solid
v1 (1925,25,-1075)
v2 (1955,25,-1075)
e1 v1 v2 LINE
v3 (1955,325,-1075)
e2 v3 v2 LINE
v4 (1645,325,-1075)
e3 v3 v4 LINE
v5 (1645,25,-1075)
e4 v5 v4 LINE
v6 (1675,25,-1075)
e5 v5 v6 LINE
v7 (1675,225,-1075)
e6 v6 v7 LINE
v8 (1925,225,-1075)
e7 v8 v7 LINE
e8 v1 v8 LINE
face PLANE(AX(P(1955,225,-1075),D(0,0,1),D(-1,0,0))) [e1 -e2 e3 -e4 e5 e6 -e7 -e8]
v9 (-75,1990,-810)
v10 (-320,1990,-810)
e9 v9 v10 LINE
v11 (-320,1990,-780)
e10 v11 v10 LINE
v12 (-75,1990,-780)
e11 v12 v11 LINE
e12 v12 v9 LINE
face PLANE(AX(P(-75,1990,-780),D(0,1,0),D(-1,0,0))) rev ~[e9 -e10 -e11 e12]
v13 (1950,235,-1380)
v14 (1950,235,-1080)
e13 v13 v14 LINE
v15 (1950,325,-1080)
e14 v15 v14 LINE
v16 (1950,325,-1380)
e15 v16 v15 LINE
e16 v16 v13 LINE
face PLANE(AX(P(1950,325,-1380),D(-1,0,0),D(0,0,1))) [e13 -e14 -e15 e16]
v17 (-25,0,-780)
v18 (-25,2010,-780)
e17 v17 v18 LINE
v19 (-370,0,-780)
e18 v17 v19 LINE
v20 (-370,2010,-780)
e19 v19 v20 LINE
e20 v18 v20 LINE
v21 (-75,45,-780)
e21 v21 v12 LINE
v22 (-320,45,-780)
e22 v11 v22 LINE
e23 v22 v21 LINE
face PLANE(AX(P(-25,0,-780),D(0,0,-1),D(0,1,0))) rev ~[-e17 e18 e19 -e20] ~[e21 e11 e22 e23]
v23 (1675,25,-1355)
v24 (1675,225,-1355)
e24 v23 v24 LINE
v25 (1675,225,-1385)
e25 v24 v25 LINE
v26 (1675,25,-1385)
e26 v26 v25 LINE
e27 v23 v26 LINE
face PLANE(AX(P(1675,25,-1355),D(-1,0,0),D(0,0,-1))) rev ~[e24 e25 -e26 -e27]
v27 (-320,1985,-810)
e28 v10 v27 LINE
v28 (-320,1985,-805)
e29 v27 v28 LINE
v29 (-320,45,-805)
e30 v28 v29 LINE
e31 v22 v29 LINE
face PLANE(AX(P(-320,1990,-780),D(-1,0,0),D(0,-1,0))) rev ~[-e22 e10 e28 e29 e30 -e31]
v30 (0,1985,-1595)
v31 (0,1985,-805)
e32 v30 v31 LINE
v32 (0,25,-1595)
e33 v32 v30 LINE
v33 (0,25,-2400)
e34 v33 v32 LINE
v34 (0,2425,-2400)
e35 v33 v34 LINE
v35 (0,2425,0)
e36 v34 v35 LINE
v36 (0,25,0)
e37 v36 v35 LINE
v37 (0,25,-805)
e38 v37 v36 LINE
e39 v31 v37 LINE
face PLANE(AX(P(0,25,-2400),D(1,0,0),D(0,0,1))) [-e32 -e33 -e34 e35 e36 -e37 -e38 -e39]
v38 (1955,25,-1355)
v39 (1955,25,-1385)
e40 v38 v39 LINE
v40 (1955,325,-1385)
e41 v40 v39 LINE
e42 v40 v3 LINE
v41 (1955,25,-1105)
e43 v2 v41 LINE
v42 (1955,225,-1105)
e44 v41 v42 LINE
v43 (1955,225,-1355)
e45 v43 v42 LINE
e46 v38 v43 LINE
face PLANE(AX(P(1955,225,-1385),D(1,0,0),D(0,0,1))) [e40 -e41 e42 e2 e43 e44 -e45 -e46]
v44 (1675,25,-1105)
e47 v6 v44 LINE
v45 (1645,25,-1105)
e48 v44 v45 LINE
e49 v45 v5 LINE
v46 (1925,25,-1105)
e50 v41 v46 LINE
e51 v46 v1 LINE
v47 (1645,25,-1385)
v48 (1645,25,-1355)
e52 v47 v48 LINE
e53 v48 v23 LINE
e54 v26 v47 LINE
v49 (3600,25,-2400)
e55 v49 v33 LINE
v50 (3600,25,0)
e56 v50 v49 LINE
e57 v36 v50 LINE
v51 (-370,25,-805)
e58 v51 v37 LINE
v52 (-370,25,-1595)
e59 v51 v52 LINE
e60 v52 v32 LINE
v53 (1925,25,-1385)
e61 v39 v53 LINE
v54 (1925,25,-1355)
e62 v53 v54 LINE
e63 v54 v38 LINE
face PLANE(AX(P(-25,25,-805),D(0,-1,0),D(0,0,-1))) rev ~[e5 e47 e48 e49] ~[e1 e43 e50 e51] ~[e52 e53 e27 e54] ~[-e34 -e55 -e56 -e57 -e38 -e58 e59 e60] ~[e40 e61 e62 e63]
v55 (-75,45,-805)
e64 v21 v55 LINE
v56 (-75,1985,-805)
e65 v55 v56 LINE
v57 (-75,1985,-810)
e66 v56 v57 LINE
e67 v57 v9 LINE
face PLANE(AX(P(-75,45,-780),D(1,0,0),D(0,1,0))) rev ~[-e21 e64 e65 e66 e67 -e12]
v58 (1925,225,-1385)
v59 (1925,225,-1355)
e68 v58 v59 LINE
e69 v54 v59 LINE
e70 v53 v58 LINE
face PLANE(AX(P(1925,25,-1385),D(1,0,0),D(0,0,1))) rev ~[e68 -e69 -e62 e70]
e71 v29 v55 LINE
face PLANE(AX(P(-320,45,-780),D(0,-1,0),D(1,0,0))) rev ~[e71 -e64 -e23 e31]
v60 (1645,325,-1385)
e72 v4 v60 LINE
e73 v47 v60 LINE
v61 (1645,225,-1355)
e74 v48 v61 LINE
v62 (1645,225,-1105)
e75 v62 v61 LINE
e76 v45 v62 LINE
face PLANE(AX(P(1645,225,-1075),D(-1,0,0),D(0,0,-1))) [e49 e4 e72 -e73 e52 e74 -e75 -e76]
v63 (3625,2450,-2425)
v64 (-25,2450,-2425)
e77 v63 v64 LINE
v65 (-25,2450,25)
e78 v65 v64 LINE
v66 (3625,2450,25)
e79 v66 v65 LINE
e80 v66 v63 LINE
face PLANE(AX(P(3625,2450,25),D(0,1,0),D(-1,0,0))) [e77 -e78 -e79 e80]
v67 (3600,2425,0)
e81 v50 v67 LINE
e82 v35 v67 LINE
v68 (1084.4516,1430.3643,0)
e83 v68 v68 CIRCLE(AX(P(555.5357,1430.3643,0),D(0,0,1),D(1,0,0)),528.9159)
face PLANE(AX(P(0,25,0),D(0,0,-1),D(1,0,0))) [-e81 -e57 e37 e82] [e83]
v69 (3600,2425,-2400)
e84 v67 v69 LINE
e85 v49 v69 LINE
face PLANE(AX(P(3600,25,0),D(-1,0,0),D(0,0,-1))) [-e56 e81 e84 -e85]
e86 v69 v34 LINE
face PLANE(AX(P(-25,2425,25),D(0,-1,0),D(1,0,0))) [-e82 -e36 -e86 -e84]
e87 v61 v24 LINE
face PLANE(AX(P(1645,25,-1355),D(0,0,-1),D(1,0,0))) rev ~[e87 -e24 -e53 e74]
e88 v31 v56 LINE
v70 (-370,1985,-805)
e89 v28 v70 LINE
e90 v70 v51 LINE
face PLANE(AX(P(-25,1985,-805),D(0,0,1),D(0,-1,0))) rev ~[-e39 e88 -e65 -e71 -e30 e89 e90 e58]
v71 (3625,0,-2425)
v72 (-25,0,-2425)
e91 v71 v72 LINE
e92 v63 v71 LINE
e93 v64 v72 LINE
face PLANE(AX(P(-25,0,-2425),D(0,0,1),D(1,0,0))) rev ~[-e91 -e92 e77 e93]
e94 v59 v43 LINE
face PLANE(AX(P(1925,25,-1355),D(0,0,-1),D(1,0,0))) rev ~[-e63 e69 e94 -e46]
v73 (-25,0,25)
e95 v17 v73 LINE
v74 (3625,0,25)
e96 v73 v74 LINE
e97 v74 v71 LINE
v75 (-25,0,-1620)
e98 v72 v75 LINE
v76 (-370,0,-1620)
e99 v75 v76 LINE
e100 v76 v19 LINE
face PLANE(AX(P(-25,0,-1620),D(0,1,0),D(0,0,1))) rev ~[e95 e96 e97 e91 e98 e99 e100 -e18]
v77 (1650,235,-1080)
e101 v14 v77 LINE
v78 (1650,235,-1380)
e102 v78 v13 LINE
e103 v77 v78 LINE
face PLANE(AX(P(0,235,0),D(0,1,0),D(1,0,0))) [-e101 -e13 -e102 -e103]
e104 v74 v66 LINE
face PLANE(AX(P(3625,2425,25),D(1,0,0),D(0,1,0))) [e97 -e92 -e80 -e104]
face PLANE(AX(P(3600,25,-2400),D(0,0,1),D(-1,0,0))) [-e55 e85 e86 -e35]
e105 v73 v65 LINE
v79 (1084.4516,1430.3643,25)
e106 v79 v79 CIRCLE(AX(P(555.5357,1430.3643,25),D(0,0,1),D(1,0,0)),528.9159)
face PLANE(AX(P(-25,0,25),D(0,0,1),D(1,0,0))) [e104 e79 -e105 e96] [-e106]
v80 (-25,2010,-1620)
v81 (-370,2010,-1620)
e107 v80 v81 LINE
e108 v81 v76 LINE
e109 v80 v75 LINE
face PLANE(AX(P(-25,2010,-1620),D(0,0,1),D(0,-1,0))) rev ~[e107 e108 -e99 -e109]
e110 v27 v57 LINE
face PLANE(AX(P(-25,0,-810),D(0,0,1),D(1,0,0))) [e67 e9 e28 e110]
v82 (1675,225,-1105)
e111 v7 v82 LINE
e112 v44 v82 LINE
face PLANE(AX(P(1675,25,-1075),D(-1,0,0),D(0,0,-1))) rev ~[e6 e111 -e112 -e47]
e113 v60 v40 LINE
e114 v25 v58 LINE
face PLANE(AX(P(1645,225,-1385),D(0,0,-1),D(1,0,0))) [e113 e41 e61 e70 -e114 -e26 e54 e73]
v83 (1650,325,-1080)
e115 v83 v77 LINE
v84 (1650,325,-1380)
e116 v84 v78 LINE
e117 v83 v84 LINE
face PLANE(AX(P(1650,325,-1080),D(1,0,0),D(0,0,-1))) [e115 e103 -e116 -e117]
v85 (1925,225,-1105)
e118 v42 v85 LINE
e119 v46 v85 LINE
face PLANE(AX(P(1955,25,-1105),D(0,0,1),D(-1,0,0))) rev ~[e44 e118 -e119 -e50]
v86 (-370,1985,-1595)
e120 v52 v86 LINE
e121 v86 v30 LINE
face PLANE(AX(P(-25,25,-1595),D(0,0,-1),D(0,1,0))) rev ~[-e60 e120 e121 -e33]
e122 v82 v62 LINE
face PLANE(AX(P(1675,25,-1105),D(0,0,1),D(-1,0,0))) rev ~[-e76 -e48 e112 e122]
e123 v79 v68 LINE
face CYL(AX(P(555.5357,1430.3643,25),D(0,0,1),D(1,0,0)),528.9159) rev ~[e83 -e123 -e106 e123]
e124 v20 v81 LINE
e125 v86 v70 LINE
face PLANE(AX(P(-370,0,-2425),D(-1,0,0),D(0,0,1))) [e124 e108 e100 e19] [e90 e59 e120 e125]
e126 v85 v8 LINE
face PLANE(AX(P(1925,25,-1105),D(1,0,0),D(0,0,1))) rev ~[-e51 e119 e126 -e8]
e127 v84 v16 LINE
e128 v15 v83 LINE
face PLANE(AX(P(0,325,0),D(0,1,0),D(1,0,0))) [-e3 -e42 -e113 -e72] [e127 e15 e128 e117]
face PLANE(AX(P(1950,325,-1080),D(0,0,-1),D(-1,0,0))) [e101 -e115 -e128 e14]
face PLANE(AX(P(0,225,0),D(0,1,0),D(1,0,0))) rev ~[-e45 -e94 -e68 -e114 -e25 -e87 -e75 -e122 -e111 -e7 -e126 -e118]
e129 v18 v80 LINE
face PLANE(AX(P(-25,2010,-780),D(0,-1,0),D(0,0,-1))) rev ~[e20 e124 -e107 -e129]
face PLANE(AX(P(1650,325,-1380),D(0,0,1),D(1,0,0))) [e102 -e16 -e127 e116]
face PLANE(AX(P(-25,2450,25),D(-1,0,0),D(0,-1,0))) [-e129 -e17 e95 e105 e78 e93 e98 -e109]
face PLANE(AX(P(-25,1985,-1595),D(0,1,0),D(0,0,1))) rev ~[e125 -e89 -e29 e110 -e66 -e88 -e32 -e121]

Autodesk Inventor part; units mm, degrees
ref_plane "YZ Plane" through (0, 0, 0) normal (1, 0, 0) x (0, 1, 0)
ref_plane "XZ Plane" through (0, 0, 0) normal (0, 1, 0) x (-1, 0, 0)
ref_plane "XY Plane" through (0, 0, 0) normal (0, 0, 1) x (1, 0, 0)
sketch "Sketch1" plane through (0, 0, 0) normal (0, 1, 0) x (-1, 0, 0)
  line L0 (25, 25) -> (-3625, 25)
  line L1 (-3625, 25) -> (-3625, -2425)
  line L2 (-3625, -2425) -> (25, -2425)
  line L3 (25, -2425) -> (25, 25)
  point P0 (0, 0)
  dimension "d0" = 25
  dimension "d1" = 25
  dimension "d2" = 2450
  dimension "d3" = 3650
extrude "Extrusion1" add sketch "Sketch1" along normal blind 25
sketch "Sketch2" plane through (0, 25, 0) normal (0, 1, 0) x (1, 0, 0)
  line L0 (3625, 2425) -> (-25, 2425) projected
  line L1 (-25, 2425) -> (-25, -25) projected
  line L2 (1645, 1355) -> (1675, 1355)
  line L3 (1675, 1355) -> (1675, 1385)
  line L4 (1675, 1385) -> (1645, 1385)
  line L5 (1645, 1385) -> (1645, 1355)
  line L6 (1925, 1355) -> (1955, 1355)
  line L7 (1955, 1355) -> (1955, 1385)
  line L8 (1955, 1385) -> (1925, 1385)
  line L9 (1925, 1385) -> (1925, 1355)
  line L10 (1925, 1075) -> (1955, 1075)
  line L11 (1955, 1075) -> (1955, 1105)
  line L12 (1955, 1105) -> (1925, 1105)
  line L13 (1925, 1105) -> (1925, 1075)
  line L14 (1645, 1075) -> (1675, 1075)
  line L15 (1675, 1075) -> (1675, 1105)
  line L16 (1675, 1105) -> (1645, 1105)
  line L17 (1645, 1105) -> (1645, 1075)
  point P0 (0, 0)
  dimension "d6" = 1670
  dimension "d7" = 1070
  dimension "d8" = 30
  dimension "d9" = 30
  dimension "d10" = 30
  dimension "d11" = 30
  dimension "d12" = 30
  dimension "d13" = 30
  dimension "d14" = 30
  dimension "d15" = 30
  dimension "d16" = 250
  dimension "d17" = 250
  dimension "d18" = 250
  dimension "d19" = 0
  dimension "d20" = 250
  dimension "d21" = 30
extrude "Extrusion2" add sketch "Sketch2" along normal blind 200
sketch "Sketch3" plane through (0, 225, 0) normal (0, 1, 0) x (1, 0, 0)
  line L0 (1645, 1385) -> (1955, 1385)
  line L1 (1955, 1385) -> (1955, 1075)
  line L2 (1955, 1075) -> (1645, 1075)
  line L3 (1645, 1075) -> (1645, 1385)
  point P0 (0, 0)
  dimension "d24" = 310
  dimension "d26" = 310
extrude "Extrusion3" add sketch "Sketch3" along normal blind 100
sketch "Sketch4" plane through (0, 325, 0) normal (0, 1, 0) x (1, 0, 0)
  line L0 (1645, 1385) -> (1645, 1075) projected
  line L1 (1645, 1075) -> (1955, 1075) projected
  line L2 (1955, 1075) -> (1955, 1385) projected
  line L3 (1955, 1385) -> (1645, 1385) projected
  line L4 (1650, 1380) -> (1950, 1380)
  line L5 (1950, 1380) -> (1950, 1080)
  line L6 (1950, 1080) -> (1650, 1080)
  line L7 (1650, 1080) -> (1650, 1380)
  point P0 (0, 0)
  dimension "d29" = 5
  dimension "d30" = 5
  dimension "d31" = 5
  dimension "d32" = 5
extrude "Extrusion4" cut sketch "Sketch4" against normal blind 90 contours L4 L5 L6 L7
sketch "Sketch5" plane through (0, 25, 0) normal (0, 1, 0) x (1, 0, 0)
  line L0 (-25, -25) -> (3625, -25) projected
  line L1 (3625, -25) -> (3625, 2425) projected
  line L2 (-25, -25) -> (3625, -25)
  line L3 (3625, -25) -> (3625, 2425)
  line L4 (3625, 2425) -> (-25, 2425)
  line L5 (-25, 2425) -> (-25, -25)
  line L6 (0, 0) -> (3600, 0)
  line L7 (3600, 0) -> (3600, 2400)
  line L8 (3600, 2400) -> (0, 2400)
  line L9 (0, 2400) -> (0, 0)
  dimension "d35" = 25
  dimension "d37" = 25
extrude "Extrusion5" add sketch "Sketch5" along normal blind 2400
sketch "Sketch6" plane through (-25, 0, -2425) normal (-1, 0, 0) x (0, 0, 1)
  line L0 (0, 0) -> (2450, 0) projected
  line L1 (0, 0) -> (0, 2425) projected
  line L2 (830, 25) -> (1620, 25)
  line L3 (1620, 25) -> (1620, 1985)
  line L4 (1620, 1985) -> (830, 1985)
  line L5 (830, 1985) -> (830, 25)
  line L6 (805, 0) -> (1645, 0)
  line L7 (1645, 0) -> (1645, 2010)
  line L8 (1645, 2010) -> (805, 2010)
  line L9 (805, 2010) -> (805, 0)
  point P0 (2425, 0)
  dimension "d40" = 25
  dimension "d41" = 790
  dimension "d42" = 1960
  dimension "d43" = 830
  dimension "d44" = 25
  dimension "d45" = 25
  dimension "d46" = 25
extrude "Extrusion6" cut sketch "Sketch6" against normal blind 30 contours L5 L4 L3 L2
sketch "Sketch7" plane through (-25, 0, -2425) normal (-1, 0, 0) x (0, 0, 1)
  line L0 (1620, 1985) -> (1620, 25) projected
  line L1 (1620, 25) -> (830, 25) projected
  line L2 (830, 25) -> (830, 1985) projected
  line L3 (830, 1985) -> (1620, 1985) projected
  line L4 (0, 0) -> (2450, 0) projected
  line L5 (805, 0) -> (1645, 0)
  line L6 (1645, 0) -> (1645, 2010)
  line L7 (1645, 2010) -> (805, 2010)
  line L8 (805, 2010) -> (805, 0)
  point P0 (2425, 0)
  dimension "d49" = 25
  dimension "d50" = 25
  dimension "d51" = 25
extrude "Extrusion7" add sketch "Sketch7" along normal blind 345
sketch "Sketch8" plane through (-25, 0, 25) normal (0, 0, 1) x (1, 0, 0)
  circle A0 centre (580.5357, 1430.3643) radius 528.9159
  point P0 (25, 0)
extrude "Extrusion8" cut sketch "Sketch8" against normal blind 30
sketch "Sketch9" plane through (-25, 0, -780) normal (0, 0, 1) x (1, 0, 0)
  line L0 (0, 2010) -> (0, 0) projected
  line L1 (0, 2010) -> (-345, 2010) projected
  line L2 (-345, 0) -> (-345, 2010) projected
  line L3 (-295, 45) -> (-50, 45)
  line L4 (-50, 45) -> (-50, 1990)
  line L5 (-50, 1990) -> (-295, 1990)
  line L6 (-295, 1990) -> (-295, 45)
  line L7 (25, 25) -> (-345, 25) projected
  point P0 (25, 0)
  dimension "d56" = 50
  dimension "d57" = 20
  dimension "d58" = 20
  dimension "d59" = 50
extrude "Extrusion9" cut sketch "Sketch9" against normal blind 30 contours L6 L5 L4 L3
sketch "Sketch10" plane through (-25, 0, 25) normal (0, 0, 1) x (1, 0, 0)
  line L0 (0, 2425) -> (3650, 2425)
  line L1 (3650, 2425) -> (3650, 2450)
  line L2 (3650, 2450) -> (0, 2450)
  line L3 (0, 2450) -> (0, 2425)
  point P0 (25, 0)
  dimension "d62" = 25
  dimension "d64" = 3650
extrude "Extrusion10" add sketch "Sketch10" against normal blind 2450
properties part number "Bryant_Compartment"
